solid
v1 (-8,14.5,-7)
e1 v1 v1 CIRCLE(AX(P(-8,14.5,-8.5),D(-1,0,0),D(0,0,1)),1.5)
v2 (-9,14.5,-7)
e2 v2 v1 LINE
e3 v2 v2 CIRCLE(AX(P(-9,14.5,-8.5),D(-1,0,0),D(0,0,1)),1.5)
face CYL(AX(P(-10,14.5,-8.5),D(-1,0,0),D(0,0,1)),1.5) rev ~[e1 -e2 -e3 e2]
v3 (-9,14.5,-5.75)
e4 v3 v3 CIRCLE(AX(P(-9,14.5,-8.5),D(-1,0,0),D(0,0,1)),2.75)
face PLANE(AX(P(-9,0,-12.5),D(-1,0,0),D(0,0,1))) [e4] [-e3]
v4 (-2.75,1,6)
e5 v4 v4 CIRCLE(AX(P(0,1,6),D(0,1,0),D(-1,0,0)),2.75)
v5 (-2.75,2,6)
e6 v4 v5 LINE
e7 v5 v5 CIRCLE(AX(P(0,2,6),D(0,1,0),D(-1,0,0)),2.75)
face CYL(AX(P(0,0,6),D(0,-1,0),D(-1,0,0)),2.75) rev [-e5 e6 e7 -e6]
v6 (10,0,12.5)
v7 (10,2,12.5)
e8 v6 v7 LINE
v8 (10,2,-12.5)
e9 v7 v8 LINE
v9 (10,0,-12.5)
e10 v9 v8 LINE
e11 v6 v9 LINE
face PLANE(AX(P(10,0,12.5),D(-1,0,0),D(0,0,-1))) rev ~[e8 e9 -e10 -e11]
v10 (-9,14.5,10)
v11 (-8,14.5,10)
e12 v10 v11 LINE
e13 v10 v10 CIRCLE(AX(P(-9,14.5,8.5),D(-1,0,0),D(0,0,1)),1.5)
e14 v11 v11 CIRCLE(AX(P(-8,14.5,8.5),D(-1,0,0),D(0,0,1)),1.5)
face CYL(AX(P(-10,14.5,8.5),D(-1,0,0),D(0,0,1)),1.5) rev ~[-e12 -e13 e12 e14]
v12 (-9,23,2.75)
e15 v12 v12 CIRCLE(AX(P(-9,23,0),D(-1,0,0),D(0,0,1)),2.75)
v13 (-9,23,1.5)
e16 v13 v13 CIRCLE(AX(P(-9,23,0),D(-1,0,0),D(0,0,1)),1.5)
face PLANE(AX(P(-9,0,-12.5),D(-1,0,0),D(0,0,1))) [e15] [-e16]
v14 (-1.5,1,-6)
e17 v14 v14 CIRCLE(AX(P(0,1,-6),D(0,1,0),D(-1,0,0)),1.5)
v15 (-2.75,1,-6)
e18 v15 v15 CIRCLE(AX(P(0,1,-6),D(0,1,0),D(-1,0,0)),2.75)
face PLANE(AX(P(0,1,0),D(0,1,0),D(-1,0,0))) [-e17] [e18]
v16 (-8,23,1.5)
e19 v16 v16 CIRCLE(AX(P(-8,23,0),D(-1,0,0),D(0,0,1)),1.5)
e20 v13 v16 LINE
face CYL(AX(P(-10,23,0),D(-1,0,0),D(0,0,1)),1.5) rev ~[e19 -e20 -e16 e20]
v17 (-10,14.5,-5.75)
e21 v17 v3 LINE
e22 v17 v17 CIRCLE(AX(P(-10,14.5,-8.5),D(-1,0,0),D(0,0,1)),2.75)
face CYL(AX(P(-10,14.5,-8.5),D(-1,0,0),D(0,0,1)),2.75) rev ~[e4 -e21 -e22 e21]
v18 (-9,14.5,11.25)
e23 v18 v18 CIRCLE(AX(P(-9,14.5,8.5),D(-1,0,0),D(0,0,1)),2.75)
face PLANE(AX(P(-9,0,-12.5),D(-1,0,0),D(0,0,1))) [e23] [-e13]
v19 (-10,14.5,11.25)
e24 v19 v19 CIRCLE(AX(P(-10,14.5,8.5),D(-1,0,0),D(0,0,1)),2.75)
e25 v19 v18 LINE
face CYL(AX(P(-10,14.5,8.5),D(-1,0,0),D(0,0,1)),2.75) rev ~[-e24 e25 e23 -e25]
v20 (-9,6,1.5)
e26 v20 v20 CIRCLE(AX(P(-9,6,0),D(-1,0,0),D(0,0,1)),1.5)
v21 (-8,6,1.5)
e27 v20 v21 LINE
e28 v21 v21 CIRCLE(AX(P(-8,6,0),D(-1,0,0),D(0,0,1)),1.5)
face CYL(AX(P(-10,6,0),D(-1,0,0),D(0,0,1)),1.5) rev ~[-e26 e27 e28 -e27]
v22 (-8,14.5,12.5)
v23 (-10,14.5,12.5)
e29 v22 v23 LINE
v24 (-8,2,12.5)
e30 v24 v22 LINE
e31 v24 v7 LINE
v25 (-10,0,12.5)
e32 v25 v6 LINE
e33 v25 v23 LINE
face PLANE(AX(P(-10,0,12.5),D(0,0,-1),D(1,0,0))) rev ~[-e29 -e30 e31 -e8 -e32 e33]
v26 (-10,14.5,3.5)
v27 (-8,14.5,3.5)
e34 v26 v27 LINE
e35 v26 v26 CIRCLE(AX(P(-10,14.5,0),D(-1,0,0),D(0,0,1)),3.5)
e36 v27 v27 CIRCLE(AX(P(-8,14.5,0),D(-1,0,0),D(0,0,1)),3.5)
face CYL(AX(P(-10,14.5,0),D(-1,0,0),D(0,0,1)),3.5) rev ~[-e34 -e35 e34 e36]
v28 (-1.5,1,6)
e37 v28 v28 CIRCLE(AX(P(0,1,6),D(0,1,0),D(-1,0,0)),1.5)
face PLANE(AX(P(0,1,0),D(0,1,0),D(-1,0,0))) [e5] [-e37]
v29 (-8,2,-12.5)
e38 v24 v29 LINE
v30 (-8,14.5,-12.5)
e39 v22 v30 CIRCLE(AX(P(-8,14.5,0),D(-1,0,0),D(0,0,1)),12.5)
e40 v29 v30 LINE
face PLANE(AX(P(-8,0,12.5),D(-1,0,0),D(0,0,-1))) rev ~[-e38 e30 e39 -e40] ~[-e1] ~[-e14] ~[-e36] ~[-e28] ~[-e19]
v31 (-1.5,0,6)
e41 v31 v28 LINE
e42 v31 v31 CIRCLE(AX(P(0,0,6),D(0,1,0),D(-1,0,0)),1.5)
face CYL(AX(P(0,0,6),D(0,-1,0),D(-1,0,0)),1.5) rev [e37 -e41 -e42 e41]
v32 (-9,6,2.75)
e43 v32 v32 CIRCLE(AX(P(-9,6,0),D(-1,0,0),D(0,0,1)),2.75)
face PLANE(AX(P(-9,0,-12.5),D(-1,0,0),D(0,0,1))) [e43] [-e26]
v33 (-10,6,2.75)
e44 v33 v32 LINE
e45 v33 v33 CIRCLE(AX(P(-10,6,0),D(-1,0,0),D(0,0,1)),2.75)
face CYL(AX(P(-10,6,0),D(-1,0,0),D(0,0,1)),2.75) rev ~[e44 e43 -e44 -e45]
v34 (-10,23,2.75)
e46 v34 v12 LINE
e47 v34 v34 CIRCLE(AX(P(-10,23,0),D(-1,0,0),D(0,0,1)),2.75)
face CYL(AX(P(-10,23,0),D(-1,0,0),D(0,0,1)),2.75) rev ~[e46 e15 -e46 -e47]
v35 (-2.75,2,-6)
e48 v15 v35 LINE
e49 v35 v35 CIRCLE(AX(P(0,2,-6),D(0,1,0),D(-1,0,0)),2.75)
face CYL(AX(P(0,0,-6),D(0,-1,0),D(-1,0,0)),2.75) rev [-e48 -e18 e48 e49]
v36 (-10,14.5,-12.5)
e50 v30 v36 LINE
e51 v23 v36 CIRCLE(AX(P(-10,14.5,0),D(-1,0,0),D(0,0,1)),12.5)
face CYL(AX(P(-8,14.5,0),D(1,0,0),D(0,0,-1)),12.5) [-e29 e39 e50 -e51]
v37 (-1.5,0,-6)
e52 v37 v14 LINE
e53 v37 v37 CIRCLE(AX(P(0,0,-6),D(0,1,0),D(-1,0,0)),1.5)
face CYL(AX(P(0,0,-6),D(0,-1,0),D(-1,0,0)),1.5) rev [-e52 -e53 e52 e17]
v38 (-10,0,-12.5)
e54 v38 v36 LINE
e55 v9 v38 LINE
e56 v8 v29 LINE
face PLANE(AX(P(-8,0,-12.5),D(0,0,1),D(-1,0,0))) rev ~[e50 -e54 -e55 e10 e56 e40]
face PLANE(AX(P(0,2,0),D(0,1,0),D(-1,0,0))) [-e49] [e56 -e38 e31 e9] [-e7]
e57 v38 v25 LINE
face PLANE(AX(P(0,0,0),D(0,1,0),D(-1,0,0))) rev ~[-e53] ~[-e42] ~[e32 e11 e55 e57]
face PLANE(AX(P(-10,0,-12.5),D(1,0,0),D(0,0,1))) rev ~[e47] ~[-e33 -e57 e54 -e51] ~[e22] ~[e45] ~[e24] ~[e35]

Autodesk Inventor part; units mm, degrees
ref_plane "YZ Plane" through (0, 0, 0) normal (1, 0, 0) x (0, 1, 0)
ref_plane "XZ Plane" through (0, 0, 0) normal (0, 1, 0) x (-1, 0, 0)
ref_plane "XY Plane" through (0, 0, 0) normal (0, 0, 1) x (1, 0, 0)
sketch "Sketch1" plane through (0, 0, 0) normal (0, 1, 0) x (-1, 0, 0)
  line L0 (10, 12.5) -> (-10, 12.5)
  line L1 (-10, 12.5) -> (-10, -12.5)
  line L2 (-10, -12.5) -> (10, -12.5)
  line L3 (10, -12.5) -> (10, 12.5)
  line L4 (10, 0) -> (-10, 0) construction
  line L5 (0, 12.5) -> (0, -12.5) construction
  line L6 (10, 12.5) -> (8, 12.5)
  line L7 (8, 12.5) -> (8, -12.5)
  line L8 (8, -12.5) -> (10, -12.5)
  line L9 (10, -12.5) -> (10, 12.5)
  circle A0 centre (0, 6) radius 1.5
  circle A1 centre (0, 6) radius 2.75
  circle A2 centre (0, -6) radius 1.5
  circle A3 centre (0, -6) radius 2.75
  point P0 (0, 0)
  point P1 (0, 0)
  dimension "d0" = 20
  dimension "d1" = 25
  dimension "d2" = 2
  dimension "d3" = 3
  dimension "d4" = 5.5
  dimension "d5" = 6
extrude "Extrusion1" add sketch "Sketch1" along normal blind 2 contours L7 L2 L1 L0
extrude "Extrusion2" add sketch "Sketch1" along normal blind 1 contours A1 | A3
extrude "Extrusion3" add sketch "Sketch1" along normal blind 27 contours L3 L2 L7 L0
sketch "Sketch2" plane through (-8, 2, -12.5) normal (1, 0, 0) x (0, 0, -1)
  circle A0 centre (-12.5, 12.5) radius 12.5
  line L0 (-25, 25) -> (0, 25) projected
  line L1 (-12.5, 25) -> (-25, 25)
  line L2 (-25, 25) -> (-25, 12.5)
  line L3 (-25, 0) -> (-25, 25) projected
  line L4 (-12.5, 25) -> (0, 25)
  line L5 (0, 25) -> (0, 12.5)
  line L6 (0, 0) -> (0, 25) projected
  point P0 (-12.5, -2)
  point P1 (-25, 12.5)
  dimension "d12" = 25
extrude "Extrusion4" cut sketch "Sketch2" against normal blind 2 contours A0 L0 L5 | A0 L2 L0
sketch "Sketch3" plane through (-10, 0, -12.5) normal (-1, 0, 0) x (0, 0, 1)
  arc A0 (25, 14.5) -> (0, 14.5) centre (12.5, 14.5) ccw projected
  circle A1 centre (21, 14.5) radius 1.5
  circle A2 centre (21, 14.5) radius 2.75
  line L0 (12.5, 14.5) -> (12.5, 17.4625)
  circle A3 centre (4, 14.5) radius 1.5
  circle A4 centre (4, 14.5) radius 2.75
  circle A5 centre (12.5, 14.5) radius 3.5
  circle A6 centre (12.5, 6) radius 1.5
  circle A7 centre (12.5, 6) radius 2.75
  circle A8 centre (12.5, 23) radius 1.5
  circle A9 centre (12.5, 23) radius 2.75
  point P0 (12.5, 0)
  dimension "d15" = 3
  dimension "d16" = 5.5
  dimension "d17" = 8.5
  dimension "d22" = 7
  dimension "d25" = 3
  dimension "d26" = 5.5
  dimension "d27" = 8.5
  dimension "d28" = 3
  dimension "d29" = 5.5
  dimension "d30" = 8.5
extrude "Extrusion5" cut sketch "Sketch3" against normal blind 2 contours A1 | A3 | A6 | A8
extrude "Extrusion6" cut sketch "Sketch3" against normal blind 1 contours A2 | A4 | A7 | A9
extrude "Extrusion7" cut sketch "Sketch3" against normal blind 2 contours A5
properties part number "Bracket Motor JGA Depan_3DPrint"
